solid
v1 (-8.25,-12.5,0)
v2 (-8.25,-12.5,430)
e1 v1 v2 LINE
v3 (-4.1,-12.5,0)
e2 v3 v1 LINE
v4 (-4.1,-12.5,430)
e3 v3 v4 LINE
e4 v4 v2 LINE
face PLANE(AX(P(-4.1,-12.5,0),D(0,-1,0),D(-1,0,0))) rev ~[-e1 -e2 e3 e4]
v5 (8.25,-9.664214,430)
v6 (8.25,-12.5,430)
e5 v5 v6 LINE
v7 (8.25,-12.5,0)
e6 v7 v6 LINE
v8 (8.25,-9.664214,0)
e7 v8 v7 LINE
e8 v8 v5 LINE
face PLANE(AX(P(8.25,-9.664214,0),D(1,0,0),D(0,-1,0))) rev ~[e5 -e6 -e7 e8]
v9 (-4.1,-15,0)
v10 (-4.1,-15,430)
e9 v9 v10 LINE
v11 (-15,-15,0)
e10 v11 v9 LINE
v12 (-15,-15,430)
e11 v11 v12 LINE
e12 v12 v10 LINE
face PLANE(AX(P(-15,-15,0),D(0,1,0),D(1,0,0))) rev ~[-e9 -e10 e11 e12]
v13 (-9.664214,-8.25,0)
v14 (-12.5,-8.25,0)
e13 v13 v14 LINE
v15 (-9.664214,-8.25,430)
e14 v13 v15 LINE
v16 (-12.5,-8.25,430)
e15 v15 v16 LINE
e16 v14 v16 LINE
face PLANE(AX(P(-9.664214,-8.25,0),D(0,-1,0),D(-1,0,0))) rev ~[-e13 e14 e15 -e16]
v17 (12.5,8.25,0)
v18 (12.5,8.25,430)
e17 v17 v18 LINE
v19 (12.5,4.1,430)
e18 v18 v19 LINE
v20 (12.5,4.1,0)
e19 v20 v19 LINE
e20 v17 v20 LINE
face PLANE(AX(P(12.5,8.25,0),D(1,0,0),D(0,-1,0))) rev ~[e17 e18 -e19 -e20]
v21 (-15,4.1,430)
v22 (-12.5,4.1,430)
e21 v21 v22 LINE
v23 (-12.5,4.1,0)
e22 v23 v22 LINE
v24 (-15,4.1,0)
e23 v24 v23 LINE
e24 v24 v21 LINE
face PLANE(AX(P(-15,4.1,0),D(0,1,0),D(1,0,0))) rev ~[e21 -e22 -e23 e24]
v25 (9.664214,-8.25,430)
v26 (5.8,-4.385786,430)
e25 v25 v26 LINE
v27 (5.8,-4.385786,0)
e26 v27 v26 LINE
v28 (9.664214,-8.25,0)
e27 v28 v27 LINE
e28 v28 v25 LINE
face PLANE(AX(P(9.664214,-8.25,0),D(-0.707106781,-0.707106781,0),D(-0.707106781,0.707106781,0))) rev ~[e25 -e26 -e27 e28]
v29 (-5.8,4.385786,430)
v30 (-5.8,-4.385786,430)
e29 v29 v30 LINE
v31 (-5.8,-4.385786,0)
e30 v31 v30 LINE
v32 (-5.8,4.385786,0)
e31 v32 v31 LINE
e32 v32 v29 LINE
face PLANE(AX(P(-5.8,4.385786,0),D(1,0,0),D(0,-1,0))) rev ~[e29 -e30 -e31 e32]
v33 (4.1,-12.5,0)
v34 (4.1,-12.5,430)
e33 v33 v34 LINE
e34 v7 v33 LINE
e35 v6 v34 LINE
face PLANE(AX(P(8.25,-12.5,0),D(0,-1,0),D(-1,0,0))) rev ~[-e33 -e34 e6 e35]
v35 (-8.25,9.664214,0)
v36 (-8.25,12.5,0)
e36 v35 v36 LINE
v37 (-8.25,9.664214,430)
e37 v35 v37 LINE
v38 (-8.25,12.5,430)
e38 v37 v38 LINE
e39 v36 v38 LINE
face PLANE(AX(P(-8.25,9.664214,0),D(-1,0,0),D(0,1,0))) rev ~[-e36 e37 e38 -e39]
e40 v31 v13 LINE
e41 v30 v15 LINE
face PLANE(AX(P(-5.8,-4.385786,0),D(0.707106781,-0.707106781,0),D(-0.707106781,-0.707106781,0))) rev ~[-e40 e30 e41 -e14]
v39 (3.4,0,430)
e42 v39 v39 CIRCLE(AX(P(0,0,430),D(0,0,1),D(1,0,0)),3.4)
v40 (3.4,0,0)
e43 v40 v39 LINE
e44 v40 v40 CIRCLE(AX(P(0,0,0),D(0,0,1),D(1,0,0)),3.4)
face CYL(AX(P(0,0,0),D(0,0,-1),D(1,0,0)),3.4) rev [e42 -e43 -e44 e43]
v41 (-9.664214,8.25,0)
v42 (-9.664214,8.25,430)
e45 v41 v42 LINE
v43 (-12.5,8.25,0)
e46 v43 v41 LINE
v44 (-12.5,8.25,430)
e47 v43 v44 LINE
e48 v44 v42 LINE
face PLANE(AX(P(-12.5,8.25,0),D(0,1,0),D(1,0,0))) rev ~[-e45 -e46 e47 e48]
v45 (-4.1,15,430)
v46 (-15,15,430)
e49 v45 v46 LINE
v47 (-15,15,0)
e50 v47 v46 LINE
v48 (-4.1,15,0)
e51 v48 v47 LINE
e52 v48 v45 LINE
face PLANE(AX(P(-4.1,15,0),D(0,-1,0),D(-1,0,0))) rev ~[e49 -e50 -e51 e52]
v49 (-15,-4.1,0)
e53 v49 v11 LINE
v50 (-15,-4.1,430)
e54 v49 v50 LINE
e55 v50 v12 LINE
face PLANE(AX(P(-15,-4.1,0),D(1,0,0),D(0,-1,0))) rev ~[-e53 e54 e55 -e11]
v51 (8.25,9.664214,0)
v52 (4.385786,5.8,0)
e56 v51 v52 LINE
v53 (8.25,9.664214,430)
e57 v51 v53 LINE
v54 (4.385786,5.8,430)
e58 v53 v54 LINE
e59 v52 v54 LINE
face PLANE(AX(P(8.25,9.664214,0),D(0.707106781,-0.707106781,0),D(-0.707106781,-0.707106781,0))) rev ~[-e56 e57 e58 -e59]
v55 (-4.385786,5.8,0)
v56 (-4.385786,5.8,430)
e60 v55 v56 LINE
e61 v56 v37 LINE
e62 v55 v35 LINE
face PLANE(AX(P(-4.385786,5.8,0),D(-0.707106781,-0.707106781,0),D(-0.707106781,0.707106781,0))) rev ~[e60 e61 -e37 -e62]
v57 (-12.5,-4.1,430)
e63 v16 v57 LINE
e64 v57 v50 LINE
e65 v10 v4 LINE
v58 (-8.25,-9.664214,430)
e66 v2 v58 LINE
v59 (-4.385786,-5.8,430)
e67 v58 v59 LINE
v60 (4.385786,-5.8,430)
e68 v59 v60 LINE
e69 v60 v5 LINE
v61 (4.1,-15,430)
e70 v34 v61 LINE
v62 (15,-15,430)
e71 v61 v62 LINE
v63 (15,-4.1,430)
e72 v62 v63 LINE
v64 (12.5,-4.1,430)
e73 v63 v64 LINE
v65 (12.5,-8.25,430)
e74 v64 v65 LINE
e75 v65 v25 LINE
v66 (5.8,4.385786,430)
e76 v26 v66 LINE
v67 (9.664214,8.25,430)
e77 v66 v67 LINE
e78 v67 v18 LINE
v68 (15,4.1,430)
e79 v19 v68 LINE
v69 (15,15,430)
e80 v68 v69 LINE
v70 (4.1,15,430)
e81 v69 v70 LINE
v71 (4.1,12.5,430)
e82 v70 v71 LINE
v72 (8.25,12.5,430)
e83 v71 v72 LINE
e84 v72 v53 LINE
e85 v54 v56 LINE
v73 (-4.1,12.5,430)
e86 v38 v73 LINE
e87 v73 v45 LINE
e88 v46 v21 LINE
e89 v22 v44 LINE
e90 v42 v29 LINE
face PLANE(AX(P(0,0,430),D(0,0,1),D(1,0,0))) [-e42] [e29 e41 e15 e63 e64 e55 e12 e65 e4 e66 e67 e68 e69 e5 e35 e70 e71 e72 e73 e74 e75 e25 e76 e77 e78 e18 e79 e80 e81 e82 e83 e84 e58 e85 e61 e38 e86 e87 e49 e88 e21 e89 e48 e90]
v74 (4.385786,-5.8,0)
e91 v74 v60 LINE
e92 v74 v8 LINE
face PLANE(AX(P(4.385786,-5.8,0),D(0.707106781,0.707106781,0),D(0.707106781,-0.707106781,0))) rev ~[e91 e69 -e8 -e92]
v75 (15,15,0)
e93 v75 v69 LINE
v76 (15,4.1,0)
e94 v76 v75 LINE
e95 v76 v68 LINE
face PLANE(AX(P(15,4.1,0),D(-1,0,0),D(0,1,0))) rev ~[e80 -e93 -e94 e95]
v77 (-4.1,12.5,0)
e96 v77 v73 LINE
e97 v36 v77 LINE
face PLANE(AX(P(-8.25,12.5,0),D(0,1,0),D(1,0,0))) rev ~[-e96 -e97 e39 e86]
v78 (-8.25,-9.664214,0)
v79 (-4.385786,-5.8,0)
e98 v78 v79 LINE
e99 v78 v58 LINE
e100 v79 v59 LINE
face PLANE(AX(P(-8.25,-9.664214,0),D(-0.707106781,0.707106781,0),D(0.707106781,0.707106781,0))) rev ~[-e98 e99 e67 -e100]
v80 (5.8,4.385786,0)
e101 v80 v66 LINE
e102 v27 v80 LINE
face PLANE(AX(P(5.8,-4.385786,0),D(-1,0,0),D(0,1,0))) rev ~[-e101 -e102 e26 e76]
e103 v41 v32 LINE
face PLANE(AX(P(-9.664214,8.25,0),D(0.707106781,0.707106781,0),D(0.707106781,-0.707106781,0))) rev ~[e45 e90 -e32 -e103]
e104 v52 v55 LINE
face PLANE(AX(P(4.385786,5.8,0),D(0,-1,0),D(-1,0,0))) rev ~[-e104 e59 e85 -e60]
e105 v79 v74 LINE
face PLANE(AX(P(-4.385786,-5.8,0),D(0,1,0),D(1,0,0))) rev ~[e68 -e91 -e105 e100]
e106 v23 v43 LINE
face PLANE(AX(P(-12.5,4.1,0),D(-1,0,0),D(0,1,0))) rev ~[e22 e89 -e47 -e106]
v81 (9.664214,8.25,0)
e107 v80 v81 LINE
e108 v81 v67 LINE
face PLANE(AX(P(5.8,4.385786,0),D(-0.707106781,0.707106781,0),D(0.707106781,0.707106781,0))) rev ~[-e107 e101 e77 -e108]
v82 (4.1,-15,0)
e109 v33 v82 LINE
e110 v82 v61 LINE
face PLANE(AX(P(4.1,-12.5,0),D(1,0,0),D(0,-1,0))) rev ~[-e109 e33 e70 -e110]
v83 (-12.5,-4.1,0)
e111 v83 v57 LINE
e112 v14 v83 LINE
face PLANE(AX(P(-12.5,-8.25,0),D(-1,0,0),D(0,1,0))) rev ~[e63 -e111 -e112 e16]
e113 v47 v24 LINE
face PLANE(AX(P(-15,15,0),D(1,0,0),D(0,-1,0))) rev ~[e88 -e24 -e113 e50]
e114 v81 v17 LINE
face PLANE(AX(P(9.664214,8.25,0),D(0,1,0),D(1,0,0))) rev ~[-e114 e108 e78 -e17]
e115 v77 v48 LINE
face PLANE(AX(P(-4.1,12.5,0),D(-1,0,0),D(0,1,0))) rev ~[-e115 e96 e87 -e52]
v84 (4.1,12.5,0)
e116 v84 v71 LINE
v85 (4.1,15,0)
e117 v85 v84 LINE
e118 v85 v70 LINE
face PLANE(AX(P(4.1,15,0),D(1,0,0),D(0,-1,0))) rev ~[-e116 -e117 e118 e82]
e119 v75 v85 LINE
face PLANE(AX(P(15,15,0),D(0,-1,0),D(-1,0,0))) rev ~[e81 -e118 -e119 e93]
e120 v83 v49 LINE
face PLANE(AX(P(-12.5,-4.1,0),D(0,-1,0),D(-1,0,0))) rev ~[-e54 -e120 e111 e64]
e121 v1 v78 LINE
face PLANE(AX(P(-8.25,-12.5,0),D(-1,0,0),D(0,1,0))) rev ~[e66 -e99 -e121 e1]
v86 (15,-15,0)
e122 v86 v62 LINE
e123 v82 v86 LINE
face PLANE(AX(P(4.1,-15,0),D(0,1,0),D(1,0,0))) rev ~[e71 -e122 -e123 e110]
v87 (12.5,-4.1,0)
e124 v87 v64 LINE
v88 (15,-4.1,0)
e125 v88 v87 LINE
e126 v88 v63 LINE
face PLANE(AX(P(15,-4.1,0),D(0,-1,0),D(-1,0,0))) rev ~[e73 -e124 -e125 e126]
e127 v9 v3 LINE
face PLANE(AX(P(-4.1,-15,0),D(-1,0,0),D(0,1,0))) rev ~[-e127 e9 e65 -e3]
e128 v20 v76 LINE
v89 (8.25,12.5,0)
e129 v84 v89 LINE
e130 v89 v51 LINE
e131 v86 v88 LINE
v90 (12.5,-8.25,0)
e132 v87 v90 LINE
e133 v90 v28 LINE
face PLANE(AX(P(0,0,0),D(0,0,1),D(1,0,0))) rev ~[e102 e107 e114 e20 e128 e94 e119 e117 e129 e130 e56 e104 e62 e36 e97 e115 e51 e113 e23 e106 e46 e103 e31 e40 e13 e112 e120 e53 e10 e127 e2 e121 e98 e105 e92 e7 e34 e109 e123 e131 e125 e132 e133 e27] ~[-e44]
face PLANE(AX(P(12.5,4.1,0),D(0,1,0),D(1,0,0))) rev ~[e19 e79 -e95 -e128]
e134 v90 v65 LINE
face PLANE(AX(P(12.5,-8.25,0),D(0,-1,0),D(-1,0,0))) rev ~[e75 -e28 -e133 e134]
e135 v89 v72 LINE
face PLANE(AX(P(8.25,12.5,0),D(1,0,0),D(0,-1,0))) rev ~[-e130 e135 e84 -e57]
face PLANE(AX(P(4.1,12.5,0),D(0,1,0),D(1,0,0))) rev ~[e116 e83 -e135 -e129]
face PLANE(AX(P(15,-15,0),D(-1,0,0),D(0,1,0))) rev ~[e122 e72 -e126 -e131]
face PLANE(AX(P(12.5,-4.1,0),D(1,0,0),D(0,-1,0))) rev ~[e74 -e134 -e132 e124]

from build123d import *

# Parameters (mm, degrees)
SKETCH_1_R      = 3.4
EXTRUDE_1_DEPTH = 430


with BuildPart() as part:
    # 草图1 → 凸台-拉伸1 (new body)
    with BuildSketch(Plane.XY):
        Polygon((-4.1, 12.5), (-4.1, 15), (-8.25, 15), (-15, 15), (-15, 8.25), (-15, 4.1), (-12.5, 4.1), (-12.5, 8.25), (-9.664213562, 8.25), (-5.8, 4.385786438), (-5.8, -4.385786438), (-9.664213562, -8.25), (-12.5, -8.25), (-12.5, -4.1), (-15, -4.1), (-15, -8.25), (-15, -15), (-8.25, -15), (-4.1, -15), (-4.1, -12.5), (-8.25, -12.5), (-8.25, -9.664213562), (-4.385786438, -5.8), (4.385786438, -5.8), (8.25, -9.664213562), (8.25, -12.5), (4.1, -12.5), (4.1, -15), (8.25, -15), (15, -15), (15, -8.25), (15, -4.1), (12.5, -4.1), (12.5, -8.25), (9.664213562, -8.25), (5.8, -4.385786438), (5.8, 4.385786438), (9.664213562, 8.25), (12.5, 8.25), (12.5, 4.1), (15, 4.1), (15, 8.25), (15, 15), (8.25, 15), (4.1, 15), (4.1, 12.5), (8.25, 12.5), (8.25, 9.664213562), (4.385786438, 5.8), (-4.385786438, 5.8), (-8.25, 9.664213562), (-8.25, 12.5), align=None)
        Circle(SKETCH_1_R, mode=Mode.SUBTRACT)
    extrude(amount=EXTRUDE_1_DEPTH)


solid = part.part
